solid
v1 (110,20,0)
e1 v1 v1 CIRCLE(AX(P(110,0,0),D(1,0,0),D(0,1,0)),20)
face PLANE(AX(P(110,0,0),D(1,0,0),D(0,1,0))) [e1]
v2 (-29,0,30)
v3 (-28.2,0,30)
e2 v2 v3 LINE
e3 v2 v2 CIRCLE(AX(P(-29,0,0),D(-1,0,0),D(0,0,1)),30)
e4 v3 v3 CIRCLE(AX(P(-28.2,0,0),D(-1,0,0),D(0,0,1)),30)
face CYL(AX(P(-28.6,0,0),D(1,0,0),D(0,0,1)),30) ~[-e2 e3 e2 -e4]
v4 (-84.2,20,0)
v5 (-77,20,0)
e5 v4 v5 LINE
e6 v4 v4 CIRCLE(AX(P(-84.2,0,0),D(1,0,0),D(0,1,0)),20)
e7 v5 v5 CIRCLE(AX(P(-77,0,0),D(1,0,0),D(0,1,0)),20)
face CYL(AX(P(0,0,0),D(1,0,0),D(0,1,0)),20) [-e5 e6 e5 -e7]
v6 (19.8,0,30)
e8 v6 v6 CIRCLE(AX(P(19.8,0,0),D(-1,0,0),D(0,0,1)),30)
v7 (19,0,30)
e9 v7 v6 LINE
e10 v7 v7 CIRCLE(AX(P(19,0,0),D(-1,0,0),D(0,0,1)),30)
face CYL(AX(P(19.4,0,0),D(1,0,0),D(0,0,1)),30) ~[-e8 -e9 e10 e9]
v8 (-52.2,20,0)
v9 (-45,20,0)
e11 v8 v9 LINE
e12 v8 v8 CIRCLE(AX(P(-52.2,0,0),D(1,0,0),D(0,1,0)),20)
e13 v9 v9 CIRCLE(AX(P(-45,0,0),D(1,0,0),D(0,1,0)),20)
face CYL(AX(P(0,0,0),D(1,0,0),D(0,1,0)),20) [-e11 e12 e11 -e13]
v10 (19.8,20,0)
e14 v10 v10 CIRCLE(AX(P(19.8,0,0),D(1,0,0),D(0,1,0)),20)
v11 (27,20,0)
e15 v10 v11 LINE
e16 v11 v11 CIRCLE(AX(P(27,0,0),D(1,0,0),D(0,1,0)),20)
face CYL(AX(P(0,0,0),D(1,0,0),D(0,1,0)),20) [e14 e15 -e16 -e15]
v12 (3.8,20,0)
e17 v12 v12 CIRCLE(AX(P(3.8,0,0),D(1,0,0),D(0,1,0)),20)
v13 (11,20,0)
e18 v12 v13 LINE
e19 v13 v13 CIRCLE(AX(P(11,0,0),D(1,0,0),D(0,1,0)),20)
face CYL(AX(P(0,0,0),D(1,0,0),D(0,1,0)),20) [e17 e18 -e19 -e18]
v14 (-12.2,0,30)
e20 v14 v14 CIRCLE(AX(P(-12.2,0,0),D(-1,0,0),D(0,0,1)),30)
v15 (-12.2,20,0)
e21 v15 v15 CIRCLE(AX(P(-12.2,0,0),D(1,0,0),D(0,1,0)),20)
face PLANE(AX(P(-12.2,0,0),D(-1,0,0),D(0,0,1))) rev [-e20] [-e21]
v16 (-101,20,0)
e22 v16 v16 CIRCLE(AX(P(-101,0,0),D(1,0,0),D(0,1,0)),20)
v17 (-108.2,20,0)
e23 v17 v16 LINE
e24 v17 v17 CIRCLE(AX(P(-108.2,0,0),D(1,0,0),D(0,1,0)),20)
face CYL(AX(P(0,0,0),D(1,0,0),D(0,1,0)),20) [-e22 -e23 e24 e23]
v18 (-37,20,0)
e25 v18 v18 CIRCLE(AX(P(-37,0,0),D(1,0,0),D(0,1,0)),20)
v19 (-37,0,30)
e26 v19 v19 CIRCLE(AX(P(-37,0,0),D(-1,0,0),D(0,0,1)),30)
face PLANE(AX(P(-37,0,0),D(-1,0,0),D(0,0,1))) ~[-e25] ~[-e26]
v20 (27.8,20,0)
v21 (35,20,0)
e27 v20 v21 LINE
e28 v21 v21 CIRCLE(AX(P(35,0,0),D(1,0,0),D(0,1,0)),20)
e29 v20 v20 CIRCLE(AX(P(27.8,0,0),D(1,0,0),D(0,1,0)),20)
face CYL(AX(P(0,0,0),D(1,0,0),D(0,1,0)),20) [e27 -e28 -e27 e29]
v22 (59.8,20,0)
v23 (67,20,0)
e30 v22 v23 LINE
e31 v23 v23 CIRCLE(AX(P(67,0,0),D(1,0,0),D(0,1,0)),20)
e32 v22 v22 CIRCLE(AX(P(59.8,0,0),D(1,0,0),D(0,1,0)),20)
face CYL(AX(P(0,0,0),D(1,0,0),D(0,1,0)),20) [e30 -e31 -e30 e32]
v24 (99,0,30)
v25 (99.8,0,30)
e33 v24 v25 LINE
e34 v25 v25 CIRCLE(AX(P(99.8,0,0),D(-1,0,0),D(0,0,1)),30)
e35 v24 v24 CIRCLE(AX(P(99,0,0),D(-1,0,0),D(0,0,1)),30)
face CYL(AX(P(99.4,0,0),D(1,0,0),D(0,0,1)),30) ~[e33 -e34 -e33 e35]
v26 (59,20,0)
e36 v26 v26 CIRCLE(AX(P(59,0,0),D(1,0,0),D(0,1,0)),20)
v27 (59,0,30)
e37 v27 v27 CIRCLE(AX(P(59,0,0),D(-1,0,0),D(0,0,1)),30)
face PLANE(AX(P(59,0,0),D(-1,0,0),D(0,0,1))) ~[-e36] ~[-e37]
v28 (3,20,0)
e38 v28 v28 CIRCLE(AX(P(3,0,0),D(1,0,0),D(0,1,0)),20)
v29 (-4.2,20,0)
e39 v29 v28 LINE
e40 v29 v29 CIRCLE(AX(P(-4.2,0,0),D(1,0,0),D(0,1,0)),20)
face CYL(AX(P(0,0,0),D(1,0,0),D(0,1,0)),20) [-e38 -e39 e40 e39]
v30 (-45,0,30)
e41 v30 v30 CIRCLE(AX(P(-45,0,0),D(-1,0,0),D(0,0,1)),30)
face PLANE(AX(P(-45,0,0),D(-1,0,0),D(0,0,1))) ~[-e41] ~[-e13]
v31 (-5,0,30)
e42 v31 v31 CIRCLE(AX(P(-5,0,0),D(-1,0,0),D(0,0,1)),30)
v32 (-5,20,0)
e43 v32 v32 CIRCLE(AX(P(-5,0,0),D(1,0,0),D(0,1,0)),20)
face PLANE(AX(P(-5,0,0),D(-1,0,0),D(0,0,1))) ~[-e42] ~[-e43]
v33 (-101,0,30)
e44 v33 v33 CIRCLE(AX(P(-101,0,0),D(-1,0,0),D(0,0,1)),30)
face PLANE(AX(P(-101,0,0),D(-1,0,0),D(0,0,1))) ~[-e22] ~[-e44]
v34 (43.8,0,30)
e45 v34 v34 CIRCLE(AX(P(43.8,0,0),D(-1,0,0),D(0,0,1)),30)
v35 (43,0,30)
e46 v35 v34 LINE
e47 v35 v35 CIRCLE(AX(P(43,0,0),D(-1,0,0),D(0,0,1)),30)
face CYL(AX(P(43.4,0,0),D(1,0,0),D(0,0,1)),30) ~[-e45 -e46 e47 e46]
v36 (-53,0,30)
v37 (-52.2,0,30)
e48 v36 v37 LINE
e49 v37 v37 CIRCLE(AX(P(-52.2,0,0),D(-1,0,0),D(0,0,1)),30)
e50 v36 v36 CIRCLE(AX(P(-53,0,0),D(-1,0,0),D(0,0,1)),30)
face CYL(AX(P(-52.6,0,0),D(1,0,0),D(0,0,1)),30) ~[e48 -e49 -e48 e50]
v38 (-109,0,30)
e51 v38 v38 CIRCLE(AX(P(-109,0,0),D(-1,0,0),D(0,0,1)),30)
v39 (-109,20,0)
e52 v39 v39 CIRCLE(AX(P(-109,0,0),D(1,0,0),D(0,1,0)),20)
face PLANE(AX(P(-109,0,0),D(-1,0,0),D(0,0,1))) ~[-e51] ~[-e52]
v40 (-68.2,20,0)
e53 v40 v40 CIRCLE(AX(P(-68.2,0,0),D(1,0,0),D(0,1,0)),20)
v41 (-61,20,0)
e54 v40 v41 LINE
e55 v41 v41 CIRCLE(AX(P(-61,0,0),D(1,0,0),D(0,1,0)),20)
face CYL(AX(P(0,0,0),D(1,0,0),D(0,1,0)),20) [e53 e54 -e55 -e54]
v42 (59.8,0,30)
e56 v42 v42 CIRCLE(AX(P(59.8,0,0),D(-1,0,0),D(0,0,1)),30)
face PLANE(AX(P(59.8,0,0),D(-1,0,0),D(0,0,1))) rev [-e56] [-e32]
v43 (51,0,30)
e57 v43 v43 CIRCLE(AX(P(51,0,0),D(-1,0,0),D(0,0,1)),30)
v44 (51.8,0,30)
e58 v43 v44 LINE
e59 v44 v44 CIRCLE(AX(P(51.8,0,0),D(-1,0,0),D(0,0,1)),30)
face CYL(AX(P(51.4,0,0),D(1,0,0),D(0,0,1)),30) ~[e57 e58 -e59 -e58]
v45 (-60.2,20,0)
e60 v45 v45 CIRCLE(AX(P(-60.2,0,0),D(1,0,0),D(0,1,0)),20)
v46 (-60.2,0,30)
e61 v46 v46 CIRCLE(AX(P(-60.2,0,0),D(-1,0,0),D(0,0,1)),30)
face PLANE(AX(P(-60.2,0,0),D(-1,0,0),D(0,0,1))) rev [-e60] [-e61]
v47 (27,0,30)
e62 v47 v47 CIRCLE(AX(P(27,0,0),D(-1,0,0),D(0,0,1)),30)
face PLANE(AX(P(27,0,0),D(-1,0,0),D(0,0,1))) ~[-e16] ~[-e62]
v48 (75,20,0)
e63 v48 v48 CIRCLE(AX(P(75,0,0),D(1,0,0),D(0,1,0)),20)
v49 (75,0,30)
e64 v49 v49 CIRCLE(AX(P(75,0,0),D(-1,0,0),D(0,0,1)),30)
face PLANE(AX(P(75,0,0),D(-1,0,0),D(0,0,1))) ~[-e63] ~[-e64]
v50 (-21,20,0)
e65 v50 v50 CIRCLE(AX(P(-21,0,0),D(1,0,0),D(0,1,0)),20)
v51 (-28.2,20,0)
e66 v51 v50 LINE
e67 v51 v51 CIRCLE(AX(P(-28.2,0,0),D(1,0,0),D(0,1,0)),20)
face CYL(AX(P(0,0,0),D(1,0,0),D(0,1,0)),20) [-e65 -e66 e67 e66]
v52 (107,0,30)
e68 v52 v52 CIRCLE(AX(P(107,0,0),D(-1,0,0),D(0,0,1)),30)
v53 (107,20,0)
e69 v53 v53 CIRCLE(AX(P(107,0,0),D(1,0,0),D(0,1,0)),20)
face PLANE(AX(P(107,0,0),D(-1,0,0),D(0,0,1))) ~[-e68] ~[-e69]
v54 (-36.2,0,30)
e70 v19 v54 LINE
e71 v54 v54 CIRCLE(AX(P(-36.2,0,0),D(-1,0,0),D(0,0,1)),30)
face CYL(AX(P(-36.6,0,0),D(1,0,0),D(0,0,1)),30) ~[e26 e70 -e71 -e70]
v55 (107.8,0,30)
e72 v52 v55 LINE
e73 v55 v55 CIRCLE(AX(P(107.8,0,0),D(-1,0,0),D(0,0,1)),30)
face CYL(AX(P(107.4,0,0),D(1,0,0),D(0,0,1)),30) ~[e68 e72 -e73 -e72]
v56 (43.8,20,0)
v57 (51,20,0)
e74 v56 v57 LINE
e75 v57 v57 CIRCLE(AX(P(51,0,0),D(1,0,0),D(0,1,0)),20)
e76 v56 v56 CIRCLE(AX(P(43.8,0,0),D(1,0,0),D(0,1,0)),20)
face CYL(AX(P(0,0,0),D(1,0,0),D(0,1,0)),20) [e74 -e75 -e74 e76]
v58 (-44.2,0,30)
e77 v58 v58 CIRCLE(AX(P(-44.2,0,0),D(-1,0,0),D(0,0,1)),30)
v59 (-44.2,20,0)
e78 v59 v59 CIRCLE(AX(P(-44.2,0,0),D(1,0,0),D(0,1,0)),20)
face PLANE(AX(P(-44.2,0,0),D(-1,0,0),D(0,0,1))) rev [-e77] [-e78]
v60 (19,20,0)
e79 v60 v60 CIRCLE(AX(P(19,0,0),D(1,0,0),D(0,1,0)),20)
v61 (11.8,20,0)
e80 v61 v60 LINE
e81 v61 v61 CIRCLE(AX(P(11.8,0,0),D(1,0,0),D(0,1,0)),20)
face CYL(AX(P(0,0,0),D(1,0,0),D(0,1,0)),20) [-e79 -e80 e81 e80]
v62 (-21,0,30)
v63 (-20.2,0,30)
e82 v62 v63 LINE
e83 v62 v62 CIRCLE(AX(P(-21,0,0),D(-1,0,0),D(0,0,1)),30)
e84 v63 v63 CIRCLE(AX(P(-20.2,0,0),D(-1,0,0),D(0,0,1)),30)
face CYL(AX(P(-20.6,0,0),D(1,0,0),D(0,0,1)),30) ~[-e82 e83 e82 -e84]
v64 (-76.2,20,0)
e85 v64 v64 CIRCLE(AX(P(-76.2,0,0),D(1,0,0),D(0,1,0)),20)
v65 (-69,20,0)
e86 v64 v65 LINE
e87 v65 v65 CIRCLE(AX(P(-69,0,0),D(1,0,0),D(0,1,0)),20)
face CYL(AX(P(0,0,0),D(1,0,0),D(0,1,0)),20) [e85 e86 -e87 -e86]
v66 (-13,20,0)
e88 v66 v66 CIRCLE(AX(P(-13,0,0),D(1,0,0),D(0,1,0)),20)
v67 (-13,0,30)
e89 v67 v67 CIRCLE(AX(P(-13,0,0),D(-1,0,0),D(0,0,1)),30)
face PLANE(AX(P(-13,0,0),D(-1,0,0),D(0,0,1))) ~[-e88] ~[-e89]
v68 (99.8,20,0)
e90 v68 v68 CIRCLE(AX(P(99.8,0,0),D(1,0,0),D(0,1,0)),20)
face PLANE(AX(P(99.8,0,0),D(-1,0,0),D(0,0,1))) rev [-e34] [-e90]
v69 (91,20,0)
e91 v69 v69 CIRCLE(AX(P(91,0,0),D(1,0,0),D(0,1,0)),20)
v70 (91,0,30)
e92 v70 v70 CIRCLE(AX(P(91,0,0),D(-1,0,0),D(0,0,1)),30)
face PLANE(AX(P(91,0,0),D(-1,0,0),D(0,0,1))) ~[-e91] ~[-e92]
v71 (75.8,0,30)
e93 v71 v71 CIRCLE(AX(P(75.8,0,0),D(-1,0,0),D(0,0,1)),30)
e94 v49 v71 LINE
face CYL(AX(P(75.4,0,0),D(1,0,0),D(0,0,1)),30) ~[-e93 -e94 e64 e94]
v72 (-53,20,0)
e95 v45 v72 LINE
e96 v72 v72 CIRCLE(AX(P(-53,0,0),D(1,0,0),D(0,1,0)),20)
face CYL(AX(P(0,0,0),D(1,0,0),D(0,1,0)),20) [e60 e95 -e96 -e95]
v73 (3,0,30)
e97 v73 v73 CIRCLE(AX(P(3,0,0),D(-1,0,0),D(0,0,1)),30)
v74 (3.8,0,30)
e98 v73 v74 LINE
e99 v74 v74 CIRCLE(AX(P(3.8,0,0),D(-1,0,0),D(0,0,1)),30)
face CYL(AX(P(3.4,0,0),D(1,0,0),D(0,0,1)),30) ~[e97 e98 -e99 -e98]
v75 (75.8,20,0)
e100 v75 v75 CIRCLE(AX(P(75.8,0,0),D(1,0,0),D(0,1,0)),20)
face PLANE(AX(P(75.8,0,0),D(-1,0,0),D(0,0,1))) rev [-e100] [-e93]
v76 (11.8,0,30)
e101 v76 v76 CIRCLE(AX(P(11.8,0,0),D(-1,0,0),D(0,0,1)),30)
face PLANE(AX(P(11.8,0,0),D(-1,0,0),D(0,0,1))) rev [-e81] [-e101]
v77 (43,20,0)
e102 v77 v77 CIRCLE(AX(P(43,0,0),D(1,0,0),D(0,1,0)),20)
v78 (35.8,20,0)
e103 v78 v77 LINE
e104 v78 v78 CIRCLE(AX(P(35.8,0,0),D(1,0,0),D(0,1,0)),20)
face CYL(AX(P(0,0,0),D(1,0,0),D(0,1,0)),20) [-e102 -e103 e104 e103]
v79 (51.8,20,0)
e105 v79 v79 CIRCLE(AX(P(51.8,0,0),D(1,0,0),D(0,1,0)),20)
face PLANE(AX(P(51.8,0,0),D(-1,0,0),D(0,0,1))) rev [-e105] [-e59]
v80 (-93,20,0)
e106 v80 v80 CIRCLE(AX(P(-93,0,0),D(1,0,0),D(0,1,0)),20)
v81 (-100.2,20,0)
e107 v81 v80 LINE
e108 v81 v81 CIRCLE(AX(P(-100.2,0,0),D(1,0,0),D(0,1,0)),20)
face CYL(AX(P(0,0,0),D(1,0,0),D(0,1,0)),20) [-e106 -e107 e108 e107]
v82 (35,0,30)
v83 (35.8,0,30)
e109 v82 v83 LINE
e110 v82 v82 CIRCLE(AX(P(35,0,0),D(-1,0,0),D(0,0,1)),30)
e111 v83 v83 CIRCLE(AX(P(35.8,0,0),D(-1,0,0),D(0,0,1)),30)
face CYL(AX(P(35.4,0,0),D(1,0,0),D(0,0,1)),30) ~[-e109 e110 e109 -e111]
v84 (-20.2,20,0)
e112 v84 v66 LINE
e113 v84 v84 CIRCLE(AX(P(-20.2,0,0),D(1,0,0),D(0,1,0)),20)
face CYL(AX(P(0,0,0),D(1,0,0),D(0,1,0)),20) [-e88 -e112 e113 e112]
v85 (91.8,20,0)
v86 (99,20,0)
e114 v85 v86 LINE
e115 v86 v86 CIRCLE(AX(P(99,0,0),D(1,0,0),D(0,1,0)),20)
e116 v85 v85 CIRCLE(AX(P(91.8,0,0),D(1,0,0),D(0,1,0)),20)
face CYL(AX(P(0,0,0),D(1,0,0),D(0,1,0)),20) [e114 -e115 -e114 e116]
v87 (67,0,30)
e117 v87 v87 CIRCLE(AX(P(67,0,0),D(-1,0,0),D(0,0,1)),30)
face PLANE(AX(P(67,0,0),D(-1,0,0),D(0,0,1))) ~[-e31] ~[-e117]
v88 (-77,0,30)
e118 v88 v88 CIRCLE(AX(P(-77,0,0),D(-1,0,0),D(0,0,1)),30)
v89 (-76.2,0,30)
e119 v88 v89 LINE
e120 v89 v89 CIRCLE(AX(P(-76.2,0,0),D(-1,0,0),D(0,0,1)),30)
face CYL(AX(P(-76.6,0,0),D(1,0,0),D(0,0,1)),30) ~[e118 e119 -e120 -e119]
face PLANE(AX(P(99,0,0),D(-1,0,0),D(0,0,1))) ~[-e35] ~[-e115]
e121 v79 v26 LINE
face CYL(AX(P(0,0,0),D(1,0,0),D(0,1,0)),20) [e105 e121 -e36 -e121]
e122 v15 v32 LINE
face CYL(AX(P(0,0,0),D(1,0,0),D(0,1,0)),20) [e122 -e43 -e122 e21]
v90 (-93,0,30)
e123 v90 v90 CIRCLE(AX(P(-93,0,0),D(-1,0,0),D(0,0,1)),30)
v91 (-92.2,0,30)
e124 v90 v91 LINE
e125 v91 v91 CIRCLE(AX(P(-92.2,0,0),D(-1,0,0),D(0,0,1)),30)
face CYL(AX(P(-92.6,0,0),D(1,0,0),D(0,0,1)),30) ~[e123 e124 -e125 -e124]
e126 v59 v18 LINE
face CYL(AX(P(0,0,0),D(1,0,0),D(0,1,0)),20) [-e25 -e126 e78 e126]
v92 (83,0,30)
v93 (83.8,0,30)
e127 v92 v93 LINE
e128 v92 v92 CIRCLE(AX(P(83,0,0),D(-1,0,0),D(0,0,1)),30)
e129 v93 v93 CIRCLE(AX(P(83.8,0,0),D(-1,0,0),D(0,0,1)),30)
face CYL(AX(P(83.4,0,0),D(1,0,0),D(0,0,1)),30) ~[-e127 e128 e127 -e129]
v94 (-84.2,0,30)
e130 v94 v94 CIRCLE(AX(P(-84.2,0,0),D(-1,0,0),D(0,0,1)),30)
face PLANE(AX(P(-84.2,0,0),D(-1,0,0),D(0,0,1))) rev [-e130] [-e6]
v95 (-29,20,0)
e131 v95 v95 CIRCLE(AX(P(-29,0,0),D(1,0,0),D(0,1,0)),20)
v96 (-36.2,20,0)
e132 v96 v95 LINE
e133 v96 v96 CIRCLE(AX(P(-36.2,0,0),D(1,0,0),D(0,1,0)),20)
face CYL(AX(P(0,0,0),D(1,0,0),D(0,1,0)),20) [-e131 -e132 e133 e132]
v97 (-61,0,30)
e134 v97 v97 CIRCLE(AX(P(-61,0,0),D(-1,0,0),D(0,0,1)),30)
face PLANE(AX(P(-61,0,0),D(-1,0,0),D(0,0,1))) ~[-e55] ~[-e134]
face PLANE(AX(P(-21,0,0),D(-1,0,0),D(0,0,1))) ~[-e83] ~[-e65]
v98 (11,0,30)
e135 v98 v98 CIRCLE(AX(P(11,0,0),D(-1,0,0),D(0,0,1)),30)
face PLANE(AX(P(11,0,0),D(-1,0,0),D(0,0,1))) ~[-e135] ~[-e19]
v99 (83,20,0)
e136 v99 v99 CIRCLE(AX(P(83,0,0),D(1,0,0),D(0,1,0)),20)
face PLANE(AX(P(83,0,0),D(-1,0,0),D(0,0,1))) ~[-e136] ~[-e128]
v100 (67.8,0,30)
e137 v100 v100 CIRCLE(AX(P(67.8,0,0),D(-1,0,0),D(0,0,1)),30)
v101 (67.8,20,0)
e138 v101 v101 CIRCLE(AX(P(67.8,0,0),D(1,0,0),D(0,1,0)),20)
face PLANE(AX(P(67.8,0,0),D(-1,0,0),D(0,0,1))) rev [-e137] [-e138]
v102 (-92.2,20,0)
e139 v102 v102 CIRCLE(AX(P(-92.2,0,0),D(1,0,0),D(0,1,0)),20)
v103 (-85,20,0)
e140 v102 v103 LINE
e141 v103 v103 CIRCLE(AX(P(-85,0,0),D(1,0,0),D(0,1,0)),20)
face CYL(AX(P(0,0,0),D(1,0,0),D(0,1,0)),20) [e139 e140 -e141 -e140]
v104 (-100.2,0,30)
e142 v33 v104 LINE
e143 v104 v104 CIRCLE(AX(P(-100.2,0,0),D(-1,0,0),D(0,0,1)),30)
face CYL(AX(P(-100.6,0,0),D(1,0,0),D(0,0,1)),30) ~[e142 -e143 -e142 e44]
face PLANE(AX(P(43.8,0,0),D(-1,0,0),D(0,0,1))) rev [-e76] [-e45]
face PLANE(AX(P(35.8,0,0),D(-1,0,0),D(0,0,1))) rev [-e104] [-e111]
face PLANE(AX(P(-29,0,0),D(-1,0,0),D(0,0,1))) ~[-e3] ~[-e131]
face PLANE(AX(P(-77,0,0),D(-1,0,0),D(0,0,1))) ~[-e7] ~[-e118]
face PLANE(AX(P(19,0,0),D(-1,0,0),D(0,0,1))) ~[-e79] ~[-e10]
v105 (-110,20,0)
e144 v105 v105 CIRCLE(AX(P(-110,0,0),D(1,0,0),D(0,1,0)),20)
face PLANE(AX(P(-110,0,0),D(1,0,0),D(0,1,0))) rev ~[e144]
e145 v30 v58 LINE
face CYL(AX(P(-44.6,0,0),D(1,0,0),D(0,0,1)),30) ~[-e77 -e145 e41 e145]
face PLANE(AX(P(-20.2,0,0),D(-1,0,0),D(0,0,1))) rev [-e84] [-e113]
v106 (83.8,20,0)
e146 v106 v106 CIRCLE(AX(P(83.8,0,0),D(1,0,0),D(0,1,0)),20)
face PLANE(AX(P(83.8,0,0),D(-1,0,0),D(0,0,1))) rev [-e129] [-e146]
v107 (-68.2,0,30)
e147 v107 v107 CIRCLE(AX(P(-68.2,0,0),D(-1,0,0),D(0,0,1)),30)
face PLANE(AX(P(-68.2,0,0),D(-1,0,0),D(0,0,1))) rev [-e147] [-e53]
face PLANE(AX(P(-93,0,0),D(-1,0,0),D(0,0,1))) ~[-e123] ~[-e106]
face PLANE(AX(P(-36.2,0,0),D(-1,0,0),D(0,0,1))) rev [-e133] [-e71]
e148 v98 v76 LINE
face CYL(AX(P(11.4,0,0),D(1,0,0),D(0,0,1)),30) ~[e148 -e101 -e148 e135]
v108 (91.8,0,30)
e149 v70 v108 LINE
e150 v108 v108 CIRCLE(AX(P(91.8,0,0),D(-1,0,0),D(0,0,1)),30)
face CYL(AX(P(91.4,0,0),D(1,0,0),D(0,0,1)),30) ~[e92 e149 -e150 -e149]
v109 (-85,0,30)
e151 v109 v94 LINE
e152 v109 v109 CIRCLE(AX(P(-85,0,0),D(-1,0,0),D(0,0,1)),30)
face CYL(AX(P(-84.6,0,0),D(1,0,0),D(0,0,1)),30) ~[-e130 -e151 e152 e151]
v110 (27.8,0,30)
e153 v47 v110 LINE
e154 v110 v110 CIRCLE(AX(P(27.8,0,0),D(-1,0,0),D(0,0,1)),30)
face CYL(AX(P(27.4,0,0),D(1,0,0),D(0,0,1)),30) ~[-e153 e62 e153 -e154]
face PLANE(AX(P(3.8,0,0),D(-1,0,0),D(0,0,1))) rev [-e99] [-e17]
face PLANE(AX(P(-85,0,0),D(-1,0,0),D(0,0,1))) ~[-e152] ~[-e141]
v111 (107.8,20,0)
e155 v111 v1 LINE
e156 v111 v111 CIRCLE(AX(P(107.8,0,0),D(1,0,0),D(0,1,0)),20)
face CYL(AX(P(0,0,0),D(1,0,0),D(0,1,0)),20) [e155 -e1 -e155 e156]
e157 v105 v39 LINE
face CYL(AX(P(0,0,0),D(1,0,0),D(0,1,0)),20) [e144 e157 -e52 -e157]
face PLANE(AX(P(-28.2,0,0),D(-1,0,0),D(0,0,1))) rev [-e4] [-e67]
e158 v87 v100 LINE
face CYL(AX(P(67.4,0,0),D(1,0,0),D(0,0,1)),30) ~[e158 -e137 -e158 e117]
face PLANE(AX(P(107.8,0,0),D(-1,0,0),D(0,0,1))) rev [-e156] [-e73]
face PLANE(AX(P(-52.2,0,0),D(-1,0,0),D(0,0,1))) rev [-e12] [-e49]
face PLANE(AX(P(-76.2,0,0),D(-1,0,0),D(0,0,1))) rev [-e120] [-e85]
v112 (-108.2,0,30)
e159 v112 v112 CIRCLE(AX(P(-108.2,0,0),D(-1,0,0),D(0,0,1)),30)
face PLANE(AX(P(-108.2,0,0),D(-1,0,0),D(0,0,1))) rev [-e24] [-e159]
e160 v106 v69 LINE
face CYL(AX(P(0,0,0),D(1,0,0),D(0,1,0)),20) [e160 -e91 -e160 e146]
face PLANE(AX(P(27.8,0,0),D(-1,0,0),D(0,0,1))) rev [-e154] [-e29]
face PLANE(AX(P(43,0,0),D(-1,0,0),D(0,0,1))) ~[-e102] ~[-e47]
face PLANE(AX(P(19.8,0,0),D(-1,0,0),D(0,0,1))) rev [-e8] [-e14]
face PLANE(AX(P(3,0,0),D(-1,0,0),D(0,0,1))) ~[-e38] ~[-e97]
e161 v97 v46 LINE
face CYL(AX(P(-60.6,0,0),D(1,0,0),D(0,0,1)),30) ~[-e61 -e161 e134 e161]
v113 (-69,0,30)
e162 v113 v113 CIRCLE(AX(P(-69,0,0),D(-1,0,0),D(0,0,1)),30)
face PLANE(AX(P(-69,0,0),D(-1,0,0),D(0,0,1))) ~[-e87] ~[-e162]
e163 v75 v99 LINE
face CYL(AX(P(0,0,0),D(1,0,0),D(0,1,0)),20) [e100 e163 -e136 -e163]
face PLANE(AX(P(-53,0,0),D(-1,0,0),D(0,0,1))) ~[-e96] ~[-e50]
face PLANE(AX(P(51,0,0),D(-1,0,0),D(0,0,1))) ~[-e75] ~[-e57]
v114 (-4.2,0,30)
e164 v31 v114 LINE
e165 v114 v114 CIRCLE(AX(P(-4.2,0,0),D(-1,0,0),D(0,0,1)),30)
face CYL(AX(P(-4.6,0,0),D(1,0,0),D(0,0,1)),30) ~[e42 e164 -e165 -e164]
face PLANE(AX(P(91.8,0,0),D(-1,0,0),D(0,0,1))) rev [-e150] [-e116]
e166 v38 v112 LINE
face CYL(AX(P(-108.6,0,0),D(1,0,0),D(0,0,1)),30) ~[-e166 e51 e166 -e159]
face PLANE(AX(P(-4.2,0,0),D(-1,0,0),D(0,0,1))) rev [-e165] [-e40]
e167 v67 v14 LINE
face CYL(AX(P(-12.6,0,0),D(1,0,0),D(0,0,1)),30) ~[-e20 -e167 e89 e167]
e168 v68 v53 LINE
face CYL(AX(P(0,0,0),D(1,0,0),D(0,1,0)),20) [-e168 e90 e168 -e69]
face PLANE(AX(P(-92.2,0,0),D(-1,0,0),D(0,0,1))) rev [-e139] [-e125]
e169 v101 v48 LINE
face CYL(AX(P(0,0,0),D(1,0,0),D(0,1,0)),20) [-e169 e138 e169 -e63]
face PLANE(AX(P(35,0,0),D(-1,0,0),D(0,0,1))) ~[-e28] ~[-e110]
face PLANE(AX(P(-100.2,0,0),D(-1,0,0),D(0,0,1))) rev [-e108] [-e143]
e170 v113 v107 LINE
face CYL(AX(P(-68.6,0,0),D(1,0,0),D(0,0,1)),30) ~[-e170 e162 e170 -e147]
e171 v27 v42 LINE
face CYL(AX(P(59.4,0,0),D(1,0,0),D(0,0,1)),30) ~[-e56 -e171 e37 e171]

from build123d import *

# Parameters (mm, degrees)
F0_R          = 20
F1_DEPTH      = 110
F1_DEPTH_BACK = 110
F2_W          = 0.8
F2_H          = 13


with BuildPart() as f1:
    # F0 (on Right) → F1 (new body, two sides)
    with BuildSketch(Plane.YZ) as f1_sk:
        Circle(F0_R)
    extrude(amount=F1_DEPTH)
    extrude(f1_sk.sketch, amount=-F1_DEPTH_BACK)

    # F2 (on Front) → F3 (revolve)
    with BuildSketch(Plane.XZ):
        with Locations((-108.6, 23.5)):
            Rectangle(F2_W, F2_H)
        with Locations((-100.6, 23.5)):
            Rectangle(F2_W, F2_H)
        with Locations((-92.6, 23.5)):
            Rectangle(F2_W, F2_H)
        with Locations((-84.6, 23.5)):
            Rectangle(F2_W, F2_H)
        with Locations((-76.6, 23.5)):
            Rectangle(F2_W, F2_H)
        with Locations((-68.6, 23.5)):
            Rectangle(F2_W, F2_H)
        with Locations((-60.6, 23.5)):
            Rectangle(F2_W, F2_H)
        with Locations((-52.6, 23.5)):
            Rectangle(F2_W, F2_H)
        with Locations((-44.6, 23.5)):
            Rectangle(F2_W, F2_H)
        with Locations((-36.6, 23.5)):
            Rectangle(F2_W, F2_H)
        with Locations((-28.6, 23.5)):
            Rectangle(F2_W, F2_H)
        with Locations((-20.6, 23.5)):
            Rectangle(F2_W, F2_H)
        with Locations((-12.6, 23.5)):
            Rectangle(F2_W, F2_H)
        with Locations((-4.6, 23.5)):
            Rectangle(F2_W, F2_H)
        with Locations((3.4, 23.5)):
            Rectangle(F2_W, F2_H)
        with Locations((11.4, 23.5)):
            Rectangle(F2_W, F2_H)
        with Locations((19.4, 23.5)):
            Rectangle(F2_W, F2_H)
        with Locations((27.4, 23.5)):
            Rectangle(F2_W, F2_H)
        with Locations((35.4, 23.5)):
            Rectangle(F2_W, F2_H)
        with Locations((43.4, 23.5)):
            Rectangle(F2_W, F2_H)
        with Locations((51.4, 23.5)):
            Rectangle(F2_W, F2_H)
        with Locations((59.4, 23.5)):
            Rectangle(F2_W, F2_H)
        with Locations((67.4, 23.5)):
            Rectangle(F2_W, F2_H)
        with Locations((75.4, 23.5)):
            Rectangle(F2_W, F2_H)
        with Locations((83.4, 23.5)):
            Rectangle(F2_W, F2_H)
        with Locations((91.4, 23.5)):
            Rectangle(F2_W, F2_H)
        with Locations((99.4, 23.5)):
            Rectangle(F2_W, F2_H)
        with Locations((107.4, 23.5)):
            Rectangle(F2_W, F2_H)
    revolve(axis=Axis((0, 0, 0), (-1, 0, 0)))


solid = f1.part
